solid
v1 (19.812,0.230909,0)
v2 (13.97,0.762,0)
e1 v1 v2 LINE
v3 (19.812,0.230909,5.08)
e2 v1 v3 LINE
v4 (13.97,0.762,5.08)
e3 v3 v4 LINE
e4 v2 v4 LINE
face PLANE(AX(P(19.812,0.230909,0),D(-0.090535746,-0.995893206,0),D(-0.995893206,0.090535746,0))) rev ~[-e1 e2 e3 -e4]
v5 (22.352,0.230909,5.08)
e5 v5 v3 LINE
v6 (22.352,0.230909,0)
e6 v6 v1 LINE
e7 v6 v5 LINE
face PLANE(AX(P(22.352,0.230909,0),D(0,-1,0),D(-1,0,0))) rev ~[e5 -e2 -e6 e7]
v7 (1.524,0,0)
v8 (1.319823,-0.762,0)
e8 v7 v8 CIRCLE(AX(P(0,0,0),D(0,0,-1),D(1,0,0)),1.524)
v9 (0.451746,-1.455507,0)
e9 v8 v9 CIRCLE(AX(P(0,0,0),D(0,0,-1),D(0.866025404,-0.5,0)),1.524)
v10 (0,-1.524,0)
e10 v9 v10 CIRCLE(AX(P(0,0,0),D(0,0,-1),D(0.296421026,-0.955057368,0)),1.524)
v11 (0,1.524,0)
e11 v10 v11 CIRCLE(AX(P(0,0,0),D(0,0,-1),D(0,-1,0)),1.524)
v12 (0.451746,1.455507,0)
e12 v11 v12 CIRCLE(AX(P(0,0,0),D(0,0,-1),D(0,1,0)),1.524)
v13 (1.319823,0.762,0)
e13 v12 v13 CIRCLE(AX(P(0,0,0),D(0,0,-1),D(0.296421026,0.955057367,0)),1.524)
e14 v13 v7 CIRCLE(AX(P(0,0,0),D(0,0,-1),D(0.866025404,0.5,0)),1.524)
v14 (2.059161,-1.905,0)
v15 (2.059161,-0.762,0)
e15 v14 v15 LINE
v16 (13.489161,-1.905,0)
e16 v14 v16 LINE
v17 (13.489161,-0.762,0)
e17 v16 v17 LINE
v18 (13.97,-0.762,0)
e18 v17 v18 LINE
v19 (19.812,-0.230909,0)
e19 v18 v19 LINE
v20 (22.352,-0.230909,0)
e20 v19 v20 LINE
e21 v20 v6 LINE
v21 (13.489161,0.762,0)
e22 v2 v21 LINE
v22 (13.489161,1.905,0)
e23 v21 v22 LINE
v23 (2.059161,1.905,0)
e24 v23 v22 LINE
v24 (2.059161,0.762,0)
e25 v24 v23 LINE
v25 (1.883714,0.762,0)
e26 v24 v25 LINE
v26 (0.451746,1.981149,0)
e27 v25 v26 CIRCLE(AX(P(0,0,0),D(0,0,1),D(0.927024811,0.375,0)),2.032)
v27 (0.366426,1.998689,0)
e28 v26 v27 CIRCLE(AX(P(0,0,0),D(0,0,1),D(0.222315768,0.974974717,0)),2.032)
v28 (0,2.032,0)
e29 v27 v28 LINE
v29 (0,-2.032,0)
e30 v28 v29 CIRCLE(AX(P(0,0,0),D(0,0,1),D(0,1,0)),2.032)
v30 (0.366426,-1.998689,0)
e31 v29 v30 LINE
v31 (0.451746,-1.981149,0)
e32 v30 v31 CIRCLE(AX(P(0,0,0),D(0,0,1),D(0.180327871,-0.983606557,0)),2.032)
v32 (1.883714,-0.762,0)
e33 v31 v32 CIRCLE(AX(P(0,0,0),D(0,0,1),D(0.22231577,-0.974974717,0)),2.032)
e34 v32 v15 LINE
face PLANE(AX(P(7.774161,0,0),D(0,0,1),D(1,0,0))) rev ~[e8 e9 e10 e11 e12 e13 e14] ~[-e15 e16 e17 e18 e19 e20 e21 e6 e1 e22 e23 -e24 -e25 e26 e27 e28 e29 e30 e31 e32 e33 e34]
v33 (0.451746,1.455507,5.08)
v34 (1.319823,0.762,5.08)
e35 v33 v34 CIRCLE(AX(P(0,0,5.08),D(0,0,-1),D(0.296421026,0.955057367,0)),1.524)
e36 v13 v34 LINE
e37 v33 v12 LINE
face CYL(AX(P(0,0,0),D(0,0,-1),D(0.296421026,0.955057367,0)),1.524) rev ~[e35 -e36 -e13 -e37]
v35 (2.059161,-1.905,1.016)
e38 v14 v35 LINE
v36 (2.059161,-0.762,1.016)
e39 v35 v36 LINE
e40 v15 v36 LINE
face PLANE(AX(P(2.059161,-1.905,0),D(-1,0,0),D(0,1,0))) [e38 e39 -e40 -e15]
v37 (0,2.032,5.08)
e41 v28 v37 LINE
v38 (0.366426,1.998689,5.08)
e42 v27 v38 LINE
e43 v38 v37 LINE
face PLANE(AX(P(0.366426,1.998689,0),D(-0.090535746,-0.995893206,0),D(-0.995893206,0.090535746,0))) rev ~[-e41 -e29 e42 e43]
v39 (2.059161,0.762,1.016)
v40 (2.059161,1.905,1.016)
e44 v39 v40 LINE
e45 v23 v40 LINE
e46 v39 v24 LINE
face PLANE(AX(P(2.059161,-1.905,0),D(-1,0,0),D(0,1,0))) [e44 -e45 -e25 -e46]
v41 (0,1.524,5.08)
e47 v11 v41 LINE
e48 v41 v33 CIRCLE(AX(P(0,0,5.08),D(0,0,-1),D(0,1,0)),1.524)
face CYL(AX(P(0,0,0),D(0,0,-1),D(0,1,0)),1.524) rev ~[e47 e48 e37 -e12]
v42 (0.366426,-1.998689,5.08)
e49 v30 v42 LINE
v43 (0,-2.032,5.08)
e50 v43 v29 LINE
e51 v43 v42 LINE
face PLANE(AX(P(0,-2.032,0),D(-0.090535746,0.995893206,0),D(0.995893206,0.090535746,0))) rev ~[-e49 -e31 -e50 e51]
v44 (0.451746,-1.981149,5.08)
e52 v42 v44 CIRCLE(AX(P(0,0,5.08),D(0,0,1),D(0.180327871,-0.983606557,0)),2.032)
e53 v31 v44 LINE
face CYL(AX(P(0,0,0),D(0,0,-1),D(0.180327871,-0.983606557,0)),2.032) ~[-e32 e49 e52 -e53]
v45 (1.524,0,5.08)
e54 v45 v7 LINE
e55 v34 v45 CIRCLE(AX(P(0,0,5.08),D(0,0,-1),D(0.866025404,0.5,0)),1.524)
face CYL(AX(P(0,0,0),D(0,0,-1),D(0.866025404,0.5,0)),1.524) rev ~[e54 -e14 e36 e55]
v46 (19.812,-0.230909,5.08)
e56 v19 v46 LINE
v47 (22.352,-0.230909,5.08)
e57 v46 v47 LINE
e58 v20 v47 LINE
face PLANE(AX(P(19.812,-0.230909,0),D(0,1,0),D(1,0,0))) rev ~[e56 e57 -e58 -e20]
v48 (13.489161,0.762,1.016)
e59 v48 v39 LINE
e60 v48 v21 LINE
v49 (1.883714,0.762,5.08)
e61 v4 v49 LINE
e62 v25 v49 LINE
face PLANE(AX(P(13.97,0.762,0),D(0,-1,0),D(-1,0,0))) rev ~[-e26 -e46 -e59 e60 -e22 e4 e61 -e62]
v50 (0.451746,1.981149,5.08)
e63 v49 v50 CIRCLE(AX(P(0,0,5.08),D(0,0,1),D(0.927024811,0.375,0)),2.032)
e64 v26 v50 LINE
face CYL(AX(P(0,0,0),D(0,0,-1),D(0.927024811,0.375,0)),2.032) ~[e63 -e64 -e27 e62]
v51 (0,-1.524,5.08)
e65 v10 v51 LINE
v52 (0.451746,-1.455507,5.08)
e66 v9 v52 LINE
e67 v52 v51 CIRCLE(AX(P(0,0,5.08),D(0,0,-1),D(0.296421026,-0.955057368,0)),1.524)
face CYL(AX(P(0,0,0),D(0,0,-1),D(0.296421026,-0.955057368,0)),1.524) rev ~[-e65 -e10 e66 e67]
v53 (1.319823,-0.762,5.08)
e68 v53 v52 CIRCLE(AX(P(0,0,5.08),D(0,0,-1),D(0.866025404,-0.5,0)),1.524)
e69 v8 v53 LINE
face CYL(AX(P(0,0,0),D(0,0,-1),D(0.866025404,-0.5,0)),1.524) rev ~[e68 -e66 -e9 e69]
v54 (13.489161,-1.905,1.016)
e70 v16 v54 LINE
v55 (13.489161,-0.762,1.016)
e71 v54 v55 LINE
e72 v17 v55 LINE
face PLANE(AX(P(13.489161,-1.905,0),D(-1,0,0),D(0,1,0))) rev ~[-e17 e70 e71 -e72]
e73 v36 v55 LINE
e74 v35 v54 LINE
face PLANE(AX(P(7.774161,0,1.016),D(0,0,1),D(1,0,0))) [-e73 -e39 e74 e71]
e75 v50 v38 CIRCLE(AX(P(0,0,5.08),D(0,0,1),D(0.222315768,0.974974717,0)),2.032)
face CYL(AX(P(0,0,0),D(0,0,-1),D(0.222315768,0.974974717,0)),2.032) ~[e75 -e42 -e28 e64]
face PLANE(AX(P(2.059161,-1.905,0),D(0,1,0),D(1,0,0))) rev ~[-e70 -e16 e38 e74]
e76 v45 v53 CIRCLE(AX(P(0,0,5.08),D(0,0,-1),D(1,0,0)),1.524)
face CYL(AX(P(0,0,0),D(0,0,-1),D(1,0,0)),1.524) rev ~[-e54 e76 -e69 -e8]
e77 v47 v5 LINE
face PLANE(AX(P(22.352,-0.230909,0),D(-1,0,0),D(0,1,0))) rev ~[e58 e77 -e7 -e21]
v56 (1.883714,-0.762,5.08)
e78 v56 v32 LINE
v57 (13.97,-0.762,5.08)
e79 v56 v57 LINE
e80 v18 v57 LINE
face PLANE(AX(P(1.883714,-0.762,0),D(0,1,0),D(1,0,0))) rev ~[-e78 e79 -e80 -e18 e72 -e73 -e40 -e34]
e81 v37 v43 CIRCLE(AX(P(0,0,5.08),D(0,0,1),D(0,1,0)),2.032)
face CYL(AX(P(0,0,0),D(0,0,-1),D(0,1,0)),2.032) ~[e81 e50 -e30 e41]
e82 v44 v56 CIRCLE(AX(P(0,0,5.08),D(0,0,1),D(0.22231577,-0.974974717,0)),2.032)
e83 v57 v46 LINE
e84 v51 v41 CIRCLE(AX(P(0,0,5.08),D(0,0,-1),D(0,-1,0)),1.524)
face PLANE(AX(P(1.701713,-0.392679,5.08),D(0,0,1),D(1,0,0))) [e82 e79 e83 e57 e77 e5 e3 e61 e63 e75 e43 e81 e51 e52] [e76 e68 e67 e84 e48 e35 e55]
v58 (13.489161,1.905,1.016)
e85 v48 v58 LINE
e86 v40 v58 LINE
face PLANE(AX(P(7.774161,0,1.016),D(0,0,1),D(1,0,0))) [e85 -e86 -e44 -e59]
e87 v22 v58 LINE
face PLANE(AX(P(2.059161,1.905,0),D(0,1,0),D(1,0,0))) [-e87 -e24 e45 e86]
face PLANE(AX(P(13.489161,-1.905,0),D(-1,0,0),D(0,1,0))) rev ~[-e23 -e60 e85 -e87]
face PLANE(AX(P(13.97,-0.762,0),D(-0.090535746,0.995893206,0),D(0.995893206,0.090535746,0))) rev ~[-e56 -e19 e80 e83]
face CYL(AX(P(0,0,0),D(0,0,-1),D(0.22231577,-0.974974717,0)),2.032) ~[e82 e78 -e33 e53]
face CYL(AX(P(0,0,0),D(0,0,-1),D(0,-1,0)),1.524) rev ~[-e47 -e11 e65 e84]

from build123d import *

# Parameters (mm, degrees)
F1_DEPTH = 5.08
F2_DEPTH = 5.0292
F3_W     = 11.43
F3_H     = 3.81
F4_DEPTH = 1.016


with BuildPart() as f1:
    # F0 (on Top) → F1 (new body)
    with BuildSketch(Plane.XY):
        with BuildLine():
            ThreePointArc((1.524, 0), (1.4720709593, -0.3944402247), (1.3198227154, -0.762))
            Line((1.3198227154, -0.762), (1.8837144157, -0.762))
            ThreePointArc((1.8837144157, -0.762), (1.9945841287, -0.3881470773), (2.032, 0))
            Line((2.032, 0), (1.524, 0))
        make_face()
        with BuildLine():
            Line((1.8837144157, 0.762), (1.3198227154, 0.762))
            ThreePointArc((1.3198227154, 0.762), (1.4720709593, 0.3944402247), (1.524, 0))
            Line((1.524, 0), (2.032, 0))
            ThreePointArc((2.032, 0), (1.9945841287, 0.3881470773), (1.8837144157, 0.762))
        make_face()
        Polygon((19.812, 0.2309090909), (13.97, 0.762), (13.97, 0), (19.812, 0), align=None)
        Polygon((13.97, 0), (13.97, -0.762), (19.812, -0.2309090909), (19.812, 0), align=None)
        Polygon((22.352, 0), (19.812, 0.2309090909), (19.812, 0), align=None)
        Polygon((19.812, 0), (19.812, -0.2309090909), (22.352, 0), align=None)
        with BuildLine():
            ThreePointArc((0, -1.524), (-1.524, 0), (0, 1.524))
            Line((0, 1.524), (0, 2.032))
            ThreePointArc((0, 2.032), (-2.032, 0), (0, -2.032))
            Line((0, -2.032), (0, -1.524))
        make_face()
        with BuildLine():
            ThreePointArc((0.4517456439, -1.4555074281), (0.2284542401, -1.5067795659), (0, -1.524))
            Line((0, -1.524), (0, -2.032))
            Line((0, -2.032), (0.3664262295, -1.9986885246))
            ThreePointArc((0.3664262295, -1.9986885246), (0.4091799306, -1.9903757897), (0.4517456439, -1.9811486247))
            Line((0.4517456439, -1.9811486247), (0.4517456439, -1.4555074281))
        make_face()
        with BuildLine():
            Line((0, 2.032), (0, 1.524))
            ThreePointArc((0, 1.524), (0.2284542401, 1.5067795659), (0.4517456439, 1.4555074281))
            Line((0.4517456439, 1.4555074281), (0.4517456439, 1.9811486247))
            ThreePointArc((0.4517456439, 1.9811486247), (0.4091799306, 1.9903757897), (0.3664262295, 1.9986885246))
            Line((0.3664262295, 1.9986885246), (0, 2.032))
        make_face()
        with BuildLine():
            Line((0.4517456439, 1.9811486247), (0.4517456439, 1.4555074281))
            ThreePointArc((0.4517456439, 1.4555074281), (0.9512369584, 1.1906822619), (1.3198227154, 0.762))
            Line((1.3198227154, 0.762), (1.8837144157, 0.762))
            ThreePointArc((1.8837144157, 0.762), (1.3172601356, 1.5472070757), (0.4517456439, 1.9811486247))
        make_face()
        with BuildLine():
            ThreePointArc((1.3198227154, -0.762), (0.9512369584, -1.1906822619), (0.4517456439, -1.4555074281))
            Line((0.4517456439, -1.4555074281), (0.4517456439, -1.9811486247))
            ThreePointArc((0.4517456439, -1.9811486247), (1.3172601356, -1.5472070757), (1.8837144157, -0.762))
            Line((1.8837144157, -0.762), (1.3198227154, -0.762))
        make_face()
        with BuildLine():
            Line((13.97, 0.762), (1.8837144157, 0.762))
            ThreePointArc((1.8837144157, 0.762), (1.9945841287, 0.3881470773), (2.032, 0))
            Line((2.032, 0), (13.97, 0))
            Line((13.97, 0), (13.97, 0.762))
        make_face()
        with BuildLine():
            ThreePointArc((2.032, 0), (1.9945841287, -0.3881470773), (1.8837144157, -0.762))
            Line((1.8837144157, -0.762), (13.97, -0.762))
            Line((13.97, -0.762), (13.97, 0))
            Line((13.97, 0), (2.032, 0))
        make_face()
        Polygon((22.352, 0.2309090909), (19.812, 0.2309090909), (22.352, 0), align=None)
        Polygon((22.352, 0), (19.812, -0.2309090909), (22.352, -0.2309090909), align=None)
    extrude(amount=F1_DEPTH)

    # F0 (on Top) → F2 (join)
    with BuildSketch(Plane.XY):
        with BuildLine():
            ThreePointArc((1.524, 0), (1.4720709593, -0.3944402247), (1.3198227154, -0.762))
            Line((1.3198227154, -0.762), (1.8837144157, -0.762))
            ThreePointArc((1.8837144157, -0.762), (1.9945841287, -0.3881470773), (2.032, 0))
            Line((2.032, 0), (1.524, 0))
        make_face()
        with BuildLine():
            Line((0, 2.032), (0, 1.524))
            ThreePointArc((0, 1.524), (0.2284542401, 1.5067795659), (0.4517456439, 1.4555074281))
            Line((0.4517456439, 1.4555074281), (0.4517456439, 1.9811486247))
            ThreePointArc((0.4517456439, 1.9811486247), (0.4091799306, 1.9903757897), (0.3664262295, 1.9986885246))
            Line((0.3664262295, 1.9986885246), (0, 2.032))
        make_face()
        with BuildLine():
            ThreePointArc((0, -1.524), (-1.524, 0), (0, 1.524))
            Line((0, 1.524), (0, 2.032))
            ThreePointArc((0, 2.032), (-2.032, 0), (0, -2.032))
            Line((0, -2.032), (0, -1.524))
        make_face()
    extrude(amount=F2_DEPTH)

    # F3 (on Top) → F4 (join)
    with BuildSketch(Plane.XY):
        with Locations((7.7741611749, 0)):
            Rectangle(F3_W, F3_H)
    extrude(amount=F4_DEPTH)


solid = f1.part
